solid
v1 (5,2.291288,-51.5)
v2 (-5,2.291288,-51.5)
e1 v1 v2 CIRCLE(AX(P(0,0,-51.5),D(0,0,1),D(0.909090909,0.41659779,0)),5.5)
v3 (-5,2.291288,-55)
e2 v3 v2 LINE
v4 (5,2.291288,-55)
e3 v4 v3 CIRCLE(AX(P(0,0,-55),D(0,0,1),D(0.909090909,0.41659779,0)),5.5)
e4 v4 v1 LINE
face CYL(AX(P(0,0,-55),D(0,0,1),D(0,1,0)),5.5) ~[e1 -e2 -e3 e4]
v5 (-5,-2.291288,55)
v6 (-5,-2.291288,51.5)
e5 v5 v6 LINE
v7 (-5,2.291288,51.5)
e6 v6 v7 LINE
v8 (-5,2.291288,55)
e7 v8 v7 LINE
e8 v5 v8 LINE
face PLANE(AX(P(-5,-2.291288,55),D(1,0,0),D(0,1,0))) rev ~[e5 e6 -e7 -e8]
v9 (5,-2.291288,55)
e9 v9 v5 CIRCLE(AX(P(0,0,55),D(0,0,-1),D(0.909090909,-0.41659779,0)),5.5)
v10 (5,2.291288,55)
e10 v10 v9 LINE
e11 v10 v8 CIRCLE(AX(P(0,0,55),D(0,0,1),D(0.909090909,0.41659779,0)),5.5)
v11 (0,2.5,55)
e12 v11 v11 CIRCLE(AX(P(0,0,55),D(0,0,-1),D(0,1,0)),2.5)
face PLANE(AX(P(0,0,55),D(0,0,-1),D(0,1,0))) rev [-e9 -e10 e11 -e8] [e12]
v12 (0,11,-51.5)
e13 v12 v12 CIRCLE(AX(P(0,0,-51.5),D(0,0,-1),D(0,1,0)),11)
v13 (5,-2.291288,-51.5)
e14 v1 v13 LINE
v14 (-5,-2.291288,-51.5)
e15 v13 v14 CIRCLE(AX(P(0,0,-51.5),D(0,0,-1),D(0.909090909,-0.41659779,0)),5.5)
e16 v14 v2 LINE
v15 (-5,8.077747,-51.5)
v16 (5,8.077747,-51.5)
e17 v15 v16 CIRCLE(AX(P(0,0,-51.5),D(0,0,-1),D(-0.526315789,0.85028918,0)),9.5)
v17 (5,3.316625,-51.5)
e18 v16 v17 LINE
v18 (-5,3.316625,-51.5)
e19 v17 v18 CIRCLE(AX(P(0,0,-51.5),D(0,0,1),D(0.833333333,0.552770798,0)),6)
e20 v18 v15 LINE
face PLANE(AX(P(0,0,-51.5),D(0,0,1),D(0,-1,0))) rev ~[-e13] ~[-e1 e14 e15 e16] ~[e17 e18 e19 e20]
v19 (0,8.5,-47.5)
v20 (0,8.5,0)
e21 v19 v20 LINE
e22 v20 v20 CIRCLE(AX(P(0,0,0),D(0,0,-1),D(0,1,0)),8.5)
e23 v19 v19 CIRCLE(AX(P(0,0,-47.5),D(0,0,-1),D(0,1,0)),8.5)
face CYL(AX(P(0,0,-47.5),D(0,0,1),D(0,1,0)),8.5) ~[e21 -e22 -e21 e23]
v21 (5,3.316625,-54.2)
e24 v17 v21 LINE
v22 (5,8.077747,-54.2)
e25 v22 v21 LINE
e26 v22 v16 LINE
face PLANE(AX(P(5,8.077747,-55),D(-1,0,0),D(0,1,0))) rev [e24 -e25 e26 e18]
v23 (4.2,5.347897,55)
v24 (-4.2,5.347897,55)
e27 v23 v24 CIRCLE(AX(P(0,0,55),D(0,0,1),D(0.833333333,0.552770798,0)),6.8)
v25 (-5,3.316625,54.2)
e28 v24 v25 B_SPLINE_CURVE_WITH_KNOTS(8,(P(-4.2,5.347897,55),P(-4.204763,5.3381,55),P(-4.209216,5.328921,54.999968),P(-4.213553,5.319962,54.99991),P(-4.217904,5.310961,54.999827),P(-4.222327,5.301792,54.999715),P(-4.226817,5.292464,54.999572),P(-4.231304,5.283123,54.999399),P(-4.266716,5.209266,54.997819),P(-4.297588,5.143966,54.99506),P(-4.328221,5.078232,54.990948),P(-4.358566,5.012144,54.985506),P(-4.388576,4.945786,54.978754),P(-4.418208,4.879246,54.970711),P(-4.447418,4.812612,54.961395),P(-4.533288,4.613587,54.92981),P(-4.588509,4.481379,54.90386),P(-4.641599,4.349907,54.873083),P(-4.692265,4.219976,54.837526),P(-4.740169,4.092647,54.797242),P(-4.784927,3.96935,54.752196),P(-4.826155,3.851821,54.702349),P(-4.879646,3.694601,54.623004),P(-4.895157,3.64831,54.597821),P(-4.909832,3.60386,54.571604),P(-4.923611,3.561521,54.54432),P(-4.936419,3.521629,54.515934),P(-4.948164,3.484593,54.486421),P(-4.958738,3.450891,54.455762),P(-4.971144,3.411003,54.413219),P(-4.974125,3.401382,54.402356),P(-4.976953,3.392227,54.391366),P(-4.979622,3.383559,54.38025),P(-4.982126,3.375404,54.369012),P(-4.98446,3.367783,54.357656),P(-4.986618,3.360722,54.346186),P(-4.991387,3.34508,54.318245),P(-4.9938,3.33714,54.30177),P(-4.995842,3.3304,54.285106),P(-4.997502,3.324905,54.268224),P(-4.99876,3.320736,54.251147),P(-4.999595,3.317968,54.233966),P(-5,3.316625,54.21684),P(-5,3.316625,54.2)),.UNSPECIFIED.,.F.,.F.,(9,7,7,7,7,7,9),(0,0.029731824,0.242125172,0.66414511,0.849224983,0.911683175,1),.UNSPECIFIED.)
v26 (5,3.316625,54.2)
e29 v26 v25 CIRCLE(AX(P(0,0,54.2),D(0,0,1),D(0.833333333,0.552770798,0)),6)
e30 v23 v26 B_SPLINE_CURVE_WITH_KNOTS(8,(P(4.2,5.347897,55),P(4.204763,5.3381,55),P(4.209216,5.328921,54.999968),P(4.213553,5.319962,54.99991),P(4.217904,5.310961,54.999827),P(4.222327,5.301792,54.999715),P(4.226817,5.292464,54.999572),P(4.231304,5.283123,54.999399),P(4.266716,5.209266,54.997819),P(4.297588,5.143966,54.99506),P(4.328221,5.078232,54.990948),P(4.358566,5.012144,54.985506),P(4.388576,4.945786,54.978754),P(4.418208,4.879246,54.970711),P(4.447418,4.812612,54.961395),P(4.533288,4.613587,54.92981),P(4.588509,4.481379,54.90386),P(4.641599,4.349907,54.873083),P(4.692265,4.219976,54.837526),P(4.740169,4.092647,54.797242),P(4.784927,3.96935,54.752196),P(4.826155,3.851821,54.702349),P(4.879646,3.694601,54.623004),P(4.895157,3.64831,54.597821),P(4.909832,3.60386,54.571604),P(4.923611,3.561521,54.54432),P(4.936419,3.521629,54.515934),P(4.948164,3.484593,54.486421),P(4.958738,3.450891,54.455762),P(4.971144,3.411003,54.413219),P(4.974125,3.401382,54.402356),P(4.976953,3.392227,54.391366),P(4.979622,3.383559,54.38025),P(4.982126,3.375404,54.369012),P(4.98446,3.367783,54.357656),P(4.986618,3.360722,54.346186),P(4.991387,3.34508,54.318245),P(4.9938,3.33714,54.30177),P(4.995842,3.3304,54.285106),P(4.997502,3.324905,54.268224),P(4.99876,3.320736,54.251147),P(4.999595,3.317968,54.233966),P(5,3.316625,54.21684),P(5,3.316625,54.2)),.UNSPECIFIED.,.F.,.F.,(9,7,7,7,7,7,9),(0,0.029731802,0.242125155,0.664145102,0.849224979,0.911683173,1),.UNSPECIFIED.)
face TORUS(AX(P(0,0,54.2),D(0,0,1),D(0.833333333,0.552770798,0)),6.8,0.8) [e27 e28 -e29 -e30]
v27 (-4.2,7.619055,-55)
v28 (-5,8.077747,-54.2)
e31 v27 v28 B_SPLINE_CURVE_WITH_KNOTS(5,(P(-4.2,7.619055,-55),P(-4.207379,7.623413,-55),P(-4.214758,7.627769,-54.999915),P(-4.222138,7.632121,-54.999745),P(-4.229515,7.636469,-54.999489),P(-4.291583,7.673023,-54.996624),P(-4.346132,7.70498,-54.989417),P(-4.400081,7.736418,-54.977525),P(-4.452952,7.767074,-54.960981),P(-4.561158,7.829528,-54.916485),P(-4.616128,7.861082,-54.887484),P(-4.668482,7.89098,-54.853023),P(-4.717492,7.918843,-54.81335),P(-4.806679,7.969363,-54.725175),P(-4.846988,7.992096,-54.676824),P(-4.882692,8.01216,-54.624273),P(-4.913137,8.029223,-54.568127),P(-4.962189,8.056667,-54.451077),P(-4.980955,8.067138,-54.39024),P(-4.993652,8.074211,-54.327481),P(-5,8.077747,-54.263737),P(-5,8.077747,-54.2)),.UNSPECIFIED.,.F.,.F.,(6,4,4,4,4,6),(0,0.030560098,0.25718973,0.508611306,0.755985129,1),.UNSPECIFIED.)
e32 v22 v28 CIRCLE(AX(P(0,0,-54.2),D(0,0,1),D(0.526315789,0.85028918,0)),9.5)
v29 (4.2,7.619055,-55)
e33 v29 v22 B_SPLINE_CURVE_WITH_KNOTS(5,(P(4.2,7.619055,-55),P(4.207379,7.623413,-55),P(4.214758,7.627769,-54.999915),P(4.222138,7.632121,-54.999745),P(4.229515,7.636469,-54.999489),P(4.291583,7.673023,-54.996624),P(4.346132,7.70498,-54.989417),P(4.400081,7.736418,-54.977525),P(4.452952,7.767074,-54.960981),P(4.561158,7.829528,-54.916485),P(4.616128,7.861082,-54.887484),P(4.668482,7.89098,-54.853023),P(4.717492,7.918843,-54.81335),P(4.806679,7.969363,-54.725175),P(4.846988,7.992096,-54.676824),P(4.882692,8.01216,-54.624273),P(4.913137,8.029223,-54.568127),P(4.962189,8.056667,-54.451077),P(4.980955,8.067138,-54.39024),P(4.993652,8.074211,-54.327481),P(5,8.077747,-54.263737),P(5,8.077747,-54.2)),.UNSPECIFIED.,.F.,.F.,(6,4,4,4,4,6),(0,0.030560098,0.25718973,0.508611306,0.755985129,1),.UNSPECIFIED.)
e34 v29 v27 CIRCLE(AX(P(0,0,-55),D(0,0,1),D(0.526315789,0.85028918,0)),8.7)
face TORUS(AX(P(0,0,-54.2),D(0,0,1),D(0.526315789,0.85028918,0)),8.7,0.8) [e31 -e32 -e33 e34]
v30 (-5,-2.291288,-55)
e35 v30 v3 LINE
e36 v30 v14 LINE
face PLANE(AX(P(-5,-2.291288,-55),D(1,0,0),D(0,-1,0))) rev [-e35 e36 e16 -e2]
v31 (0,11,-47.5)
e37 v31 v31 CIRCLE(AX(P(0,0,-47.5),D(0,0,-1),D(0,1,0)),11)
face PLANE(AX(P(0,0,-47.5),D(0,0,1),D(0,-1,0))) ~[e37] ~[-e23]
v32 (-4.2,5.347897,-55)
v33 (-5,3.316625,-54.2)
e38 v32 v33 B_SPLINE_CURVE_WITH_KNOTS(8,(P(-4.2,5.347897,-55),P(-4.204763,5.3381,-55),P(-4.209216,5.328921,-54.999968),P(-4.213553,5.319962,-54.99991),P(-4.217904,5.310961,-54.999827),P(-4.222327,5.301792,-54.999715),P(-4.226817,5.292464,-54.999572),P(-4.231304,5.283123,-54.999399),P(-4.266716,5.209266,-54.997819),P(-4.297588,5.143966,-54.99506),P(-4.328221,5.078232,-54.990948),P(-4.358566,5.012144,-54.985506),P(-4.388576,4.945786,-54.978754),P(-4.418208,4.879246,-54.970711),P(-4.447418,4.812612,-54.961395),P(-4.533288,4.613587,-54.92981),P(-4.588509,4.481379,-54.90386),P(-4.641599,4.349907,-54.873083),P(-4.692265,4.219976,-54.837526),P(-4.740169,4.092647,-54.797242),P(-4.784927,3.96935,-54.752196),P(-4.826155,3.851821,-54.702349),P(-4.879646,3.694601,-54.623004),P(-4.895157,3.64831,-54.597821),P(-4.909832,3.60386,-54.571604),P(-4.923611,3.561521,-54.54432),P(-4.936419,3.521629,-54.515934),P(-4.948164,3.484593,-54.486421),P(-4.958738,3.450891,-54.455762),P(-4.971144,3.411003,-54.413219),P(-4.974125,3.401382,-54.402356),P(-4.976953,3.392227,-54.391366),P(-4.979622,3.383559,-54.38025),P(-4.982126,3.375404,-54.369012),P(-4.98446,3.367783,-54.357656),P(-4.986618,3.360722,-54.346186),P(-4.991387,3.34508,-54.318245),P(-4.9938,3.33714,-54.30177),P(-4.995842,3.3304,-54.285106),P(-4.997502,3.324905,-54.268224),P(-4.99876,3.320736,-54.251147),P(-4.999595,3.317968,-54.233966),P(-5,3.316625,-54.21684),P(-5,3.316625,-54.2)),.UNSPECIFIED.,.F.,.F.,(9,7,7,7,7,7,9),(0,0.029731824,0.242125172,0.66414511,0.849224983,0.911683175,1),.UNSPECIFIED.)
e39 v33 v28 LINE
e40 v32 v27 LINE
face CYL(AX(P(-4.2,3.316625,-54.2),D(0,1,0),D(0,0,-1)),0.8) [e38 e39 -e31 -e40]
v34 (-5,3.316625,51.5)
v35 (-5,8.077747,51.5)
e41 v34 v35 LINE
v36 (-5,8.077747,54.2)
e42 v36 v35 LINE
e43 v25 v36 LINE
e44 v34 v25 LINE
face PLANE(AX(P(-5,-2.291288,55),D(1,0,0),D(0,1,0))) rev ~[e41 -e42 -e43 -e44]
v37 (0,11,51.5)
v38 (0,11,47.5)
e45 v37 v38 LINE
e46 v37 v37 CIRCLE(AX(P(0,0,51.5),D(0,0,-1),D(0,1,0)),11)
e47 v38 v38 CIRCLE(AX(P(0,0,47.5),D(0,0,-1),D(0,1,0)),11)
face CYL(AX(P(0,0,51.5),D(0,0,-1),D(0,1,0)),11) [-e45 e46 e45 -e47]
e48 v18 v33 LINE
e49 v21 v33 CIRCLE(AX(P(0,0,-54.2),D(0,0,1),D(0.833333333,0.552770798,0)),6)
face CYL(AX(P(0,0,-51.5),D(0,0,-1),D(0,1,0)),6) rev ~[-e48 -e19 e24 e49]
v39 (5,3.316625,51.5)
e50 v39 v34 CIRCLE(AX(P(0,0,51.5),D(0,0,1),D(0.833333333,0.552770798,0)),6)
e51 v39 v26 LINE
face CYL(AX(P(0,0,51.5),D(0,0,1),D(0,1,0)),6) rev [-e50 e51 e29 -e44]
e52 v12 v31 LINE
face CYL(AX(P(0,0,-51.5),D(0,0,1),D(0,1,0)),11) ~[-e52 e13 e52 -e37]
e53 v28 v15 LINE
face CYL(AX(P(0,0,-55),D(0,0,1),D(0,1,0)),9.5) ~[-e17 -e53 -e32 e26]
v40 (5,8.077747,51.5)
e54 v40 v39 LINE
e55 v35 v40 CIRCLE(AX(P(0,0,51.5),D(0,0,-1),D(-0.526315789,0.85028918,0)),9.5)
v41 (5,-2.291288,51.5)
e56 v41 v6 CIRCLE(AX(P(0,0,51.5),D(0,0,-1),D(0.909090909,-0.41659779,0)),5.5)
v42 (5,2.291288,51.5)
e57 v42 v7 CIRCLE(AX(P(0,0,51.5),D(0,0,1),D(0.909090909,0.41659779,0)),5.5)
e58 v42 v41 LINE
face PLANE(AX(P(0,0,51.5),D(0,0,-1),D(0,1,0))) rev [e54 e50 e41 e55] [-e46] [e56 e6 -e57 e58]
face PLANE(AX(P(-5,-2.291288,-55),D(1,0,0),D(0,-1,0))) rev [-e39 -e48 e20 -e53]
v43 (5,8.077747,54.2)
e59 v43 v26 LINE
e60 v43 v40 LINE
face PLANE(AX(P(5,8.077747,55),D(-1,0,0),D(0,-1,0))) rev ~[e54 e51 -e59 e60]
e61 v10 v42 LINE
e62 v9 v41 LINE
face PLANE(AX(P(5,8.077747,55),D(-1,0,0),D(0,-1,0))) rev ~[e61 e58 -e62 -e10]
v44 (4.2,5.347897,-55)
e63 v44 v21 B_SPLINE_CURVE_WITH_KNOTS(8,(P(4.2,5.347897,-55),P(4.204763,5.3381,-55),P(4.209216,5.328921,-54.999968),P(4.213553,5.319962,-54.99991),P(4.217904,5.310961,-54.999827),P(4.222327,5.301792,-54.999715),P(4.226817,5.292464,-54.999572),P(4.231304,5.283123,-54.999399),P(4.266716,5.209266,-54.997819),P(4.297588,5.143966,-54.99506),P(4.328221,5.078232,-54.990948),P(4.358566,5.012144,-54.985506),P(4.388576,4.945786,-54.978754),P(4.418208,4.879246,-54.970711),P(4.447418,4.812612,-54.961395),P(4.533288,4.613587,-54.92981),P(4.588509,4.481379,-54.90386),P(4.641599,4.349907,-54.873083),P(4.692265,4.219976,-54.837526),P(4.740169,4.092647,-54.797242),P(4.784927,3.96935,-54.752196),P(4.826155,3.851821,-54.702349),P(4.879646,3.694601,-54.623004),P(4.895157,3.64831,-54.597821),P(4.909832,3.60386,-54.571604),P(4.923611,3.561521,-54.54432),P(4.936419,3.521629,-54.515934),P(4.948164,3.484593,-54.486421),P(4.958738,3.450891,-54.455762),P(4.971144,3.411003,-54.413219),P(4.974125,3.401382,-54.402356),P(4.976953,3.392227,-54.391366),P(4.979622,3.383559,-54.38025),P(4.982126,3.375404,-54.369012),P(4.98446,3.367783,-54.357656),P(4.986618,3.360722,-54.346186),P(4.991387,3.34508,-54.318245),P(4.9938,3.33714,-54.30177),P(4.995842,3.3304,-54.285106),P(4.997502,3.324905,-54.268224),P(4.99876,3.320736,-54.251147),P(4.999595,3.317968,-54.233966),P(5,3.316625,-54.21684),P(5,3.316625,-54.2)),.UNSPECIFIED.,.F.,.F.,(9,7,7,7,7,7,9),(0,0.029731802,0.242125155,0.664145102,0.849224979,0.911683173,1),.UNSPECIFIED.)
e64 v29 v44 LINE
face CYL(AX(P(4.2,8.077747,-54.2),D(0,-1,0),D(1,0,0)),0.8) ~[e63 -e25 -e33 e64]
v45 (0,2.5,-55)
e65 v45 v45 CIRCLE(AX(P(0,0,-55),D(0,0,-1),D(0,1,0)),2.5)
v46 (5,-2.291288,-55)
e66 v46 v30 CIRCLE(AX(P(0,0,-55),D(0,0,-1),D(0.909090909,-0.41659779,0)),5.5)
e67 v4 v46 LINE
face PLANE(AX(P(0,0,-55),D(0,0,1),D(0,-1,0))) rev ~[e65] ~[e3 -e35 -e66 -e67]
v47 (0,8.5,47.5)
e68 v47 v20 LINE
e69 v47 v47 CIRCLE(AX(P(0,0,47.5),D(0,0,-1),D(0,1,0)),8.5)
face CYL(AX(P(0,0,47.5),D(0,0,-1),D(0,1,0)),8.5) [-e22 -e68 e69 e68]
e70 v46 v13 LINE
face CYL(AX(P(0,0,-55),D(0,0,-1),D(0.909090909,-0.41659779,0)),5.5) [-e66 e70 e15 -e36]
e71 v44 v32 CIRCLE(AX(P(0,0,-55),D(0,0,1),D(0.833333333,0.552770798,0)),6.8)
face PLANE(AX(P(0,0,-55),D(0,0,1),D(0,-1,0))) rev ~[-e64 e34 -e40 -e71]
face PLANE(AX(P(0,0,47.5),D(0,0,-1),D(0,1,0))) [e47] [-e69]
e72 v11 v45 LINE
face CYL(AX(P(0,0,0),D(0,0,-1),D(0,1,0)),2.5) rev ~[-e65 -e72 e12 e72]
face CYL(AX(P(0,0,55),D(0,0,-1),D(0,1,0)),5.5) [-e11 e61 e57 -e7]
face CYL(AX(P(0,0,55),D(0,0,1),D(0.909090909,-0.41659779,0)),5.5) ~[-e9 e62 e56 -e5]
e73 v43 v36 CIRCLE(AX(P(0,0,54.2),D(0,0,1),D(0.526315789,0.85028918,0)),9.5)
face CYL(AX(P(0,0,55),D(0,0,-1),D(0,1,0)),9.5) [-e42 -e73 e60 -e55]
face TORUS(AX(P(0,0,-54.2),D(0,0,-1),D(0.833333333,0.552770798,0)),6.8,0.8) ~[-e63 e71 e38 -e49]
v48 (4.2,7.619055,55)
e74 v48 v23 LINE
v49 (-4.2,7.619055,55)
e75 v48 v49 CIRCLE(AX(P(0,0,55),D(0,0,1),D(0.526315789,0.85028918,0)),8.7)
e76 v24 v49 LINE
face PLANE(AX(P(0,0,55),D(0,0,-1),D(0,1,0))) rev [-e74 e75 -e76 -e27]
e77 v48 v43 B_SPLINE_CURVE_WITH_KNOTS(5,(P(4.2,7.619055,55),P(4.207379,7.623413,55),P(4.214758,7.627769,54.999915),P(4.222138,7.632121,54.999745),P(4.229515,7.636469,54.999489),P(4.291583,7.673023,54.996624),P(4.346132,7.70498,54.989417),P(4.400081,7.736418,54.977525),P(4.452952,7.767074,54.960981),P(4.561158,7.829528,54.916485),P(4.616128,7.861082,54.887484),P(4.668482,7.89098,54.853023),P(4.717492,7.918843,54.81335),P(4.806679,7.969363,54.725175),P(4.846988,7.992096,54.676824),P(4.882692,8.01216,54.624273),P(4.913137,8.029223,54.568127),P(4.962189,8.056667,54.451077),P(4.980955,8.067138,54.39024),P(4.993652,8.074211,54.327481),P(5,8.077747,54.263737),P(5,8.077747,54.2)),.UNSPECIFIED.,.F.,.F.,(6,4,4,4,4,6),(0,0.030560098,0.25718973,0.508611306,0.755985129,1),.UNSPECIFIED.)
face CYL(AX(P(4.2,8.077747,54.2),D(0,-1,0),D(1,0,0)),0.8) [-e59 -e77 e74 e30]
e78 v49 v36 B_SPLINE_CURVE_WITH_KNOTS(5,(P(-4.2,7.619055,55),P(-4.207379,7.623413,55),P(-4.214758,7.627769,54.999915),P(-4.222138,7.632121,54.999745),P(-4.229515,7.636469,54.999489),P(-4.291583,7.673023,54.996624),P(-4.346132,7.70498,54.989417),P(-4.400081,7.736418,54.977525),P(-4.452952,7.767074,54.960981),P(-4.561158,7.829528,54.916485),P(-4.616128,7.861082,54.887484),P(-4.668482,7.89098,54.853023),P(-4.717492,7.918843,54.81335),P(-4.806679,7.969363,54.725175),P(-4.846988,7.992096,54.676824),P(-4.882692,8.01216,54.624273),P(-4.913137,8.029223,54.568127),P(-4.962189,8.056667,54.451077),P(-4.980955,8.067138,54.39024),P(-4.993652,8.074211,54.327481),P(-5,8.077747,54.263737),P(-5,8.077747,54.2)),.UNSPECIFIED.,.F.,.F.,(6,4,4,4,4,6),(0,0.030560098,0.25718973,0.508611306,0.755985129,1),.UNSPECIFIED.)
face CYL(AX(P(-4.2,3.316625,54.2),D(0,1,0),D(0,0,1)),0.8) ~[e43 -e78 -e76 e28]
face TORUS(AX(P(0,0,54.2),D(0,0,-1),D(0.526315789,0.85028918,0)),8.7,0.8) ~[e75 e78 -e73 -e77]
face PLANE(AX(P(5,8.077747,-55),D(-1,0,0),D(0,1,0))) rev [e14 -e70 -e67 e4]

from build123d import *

# Parameters (mm, degrees)
CORTAR_EXTRUIR1_DEPTH = 3.5
REDONDEO1_R           = 0.8


with BuildPart() as part:
    # Croquis1 → Revolución1 (revolve)
    with BuildSketch(Plane(origin=(0, 0, 0), x_dir=(0, 0, -1), z_dir=(1, 0, 0))):
        Polygon((0, 2.5), (-55, 2.5), (-55, 5.5), (-51.5, 5.5), (-51.5, 6), (-55, 6), (-55, 9.5), (-51.5, 9.5), (-51.5, 11), (-47.5, 11), (-47.5, 8.5), (0, 8.5), align=None)
    revolve(axis=Axis((0, 0, 58.146951639), (0, 0, -1)))

    # Croquis2 → Cortar-Extruir1 (cut)
    with BuildSketch(Plane.XY.offset(55)):
        with BuildLine():
            Line((-5, 0), (-5, 8.077747211))
            ThreePointArc((-5, 8.077747211), (0, -9.5), (5, 8.077747211))
            Line((5, 8.077747211), (5, 0))
            Line((5, 0), (5, -2.291287847))
            ThreePointArc((5, -2.291287847), (0, -5.5), (-5, -2.291287847))
            Line((-5, -2.291287847), (-5, 0))
        make_face()
    extrude(amount=-CORTAR_EXTRUIR1_DEPTH, mode=Mode.SUBTRACT)

    # Redondeo1
    redondeo1_edges = [part.edges().sort_by_distance(p)[0] for p in [
        (0, 9.5, 55),
        (0, 6, 55),
        (5, 5.697186001, 55),
        (-5, 5.697186001, 55),
    ]]
    fillet(redondeo1_edges, radius=REDONDEO1_R)

    # Simetría1: part across plane


with BuildPart() as part_1:
    add(part.part)
    add(part.part.mirror(Plane.XY))


solid = part_1.part
